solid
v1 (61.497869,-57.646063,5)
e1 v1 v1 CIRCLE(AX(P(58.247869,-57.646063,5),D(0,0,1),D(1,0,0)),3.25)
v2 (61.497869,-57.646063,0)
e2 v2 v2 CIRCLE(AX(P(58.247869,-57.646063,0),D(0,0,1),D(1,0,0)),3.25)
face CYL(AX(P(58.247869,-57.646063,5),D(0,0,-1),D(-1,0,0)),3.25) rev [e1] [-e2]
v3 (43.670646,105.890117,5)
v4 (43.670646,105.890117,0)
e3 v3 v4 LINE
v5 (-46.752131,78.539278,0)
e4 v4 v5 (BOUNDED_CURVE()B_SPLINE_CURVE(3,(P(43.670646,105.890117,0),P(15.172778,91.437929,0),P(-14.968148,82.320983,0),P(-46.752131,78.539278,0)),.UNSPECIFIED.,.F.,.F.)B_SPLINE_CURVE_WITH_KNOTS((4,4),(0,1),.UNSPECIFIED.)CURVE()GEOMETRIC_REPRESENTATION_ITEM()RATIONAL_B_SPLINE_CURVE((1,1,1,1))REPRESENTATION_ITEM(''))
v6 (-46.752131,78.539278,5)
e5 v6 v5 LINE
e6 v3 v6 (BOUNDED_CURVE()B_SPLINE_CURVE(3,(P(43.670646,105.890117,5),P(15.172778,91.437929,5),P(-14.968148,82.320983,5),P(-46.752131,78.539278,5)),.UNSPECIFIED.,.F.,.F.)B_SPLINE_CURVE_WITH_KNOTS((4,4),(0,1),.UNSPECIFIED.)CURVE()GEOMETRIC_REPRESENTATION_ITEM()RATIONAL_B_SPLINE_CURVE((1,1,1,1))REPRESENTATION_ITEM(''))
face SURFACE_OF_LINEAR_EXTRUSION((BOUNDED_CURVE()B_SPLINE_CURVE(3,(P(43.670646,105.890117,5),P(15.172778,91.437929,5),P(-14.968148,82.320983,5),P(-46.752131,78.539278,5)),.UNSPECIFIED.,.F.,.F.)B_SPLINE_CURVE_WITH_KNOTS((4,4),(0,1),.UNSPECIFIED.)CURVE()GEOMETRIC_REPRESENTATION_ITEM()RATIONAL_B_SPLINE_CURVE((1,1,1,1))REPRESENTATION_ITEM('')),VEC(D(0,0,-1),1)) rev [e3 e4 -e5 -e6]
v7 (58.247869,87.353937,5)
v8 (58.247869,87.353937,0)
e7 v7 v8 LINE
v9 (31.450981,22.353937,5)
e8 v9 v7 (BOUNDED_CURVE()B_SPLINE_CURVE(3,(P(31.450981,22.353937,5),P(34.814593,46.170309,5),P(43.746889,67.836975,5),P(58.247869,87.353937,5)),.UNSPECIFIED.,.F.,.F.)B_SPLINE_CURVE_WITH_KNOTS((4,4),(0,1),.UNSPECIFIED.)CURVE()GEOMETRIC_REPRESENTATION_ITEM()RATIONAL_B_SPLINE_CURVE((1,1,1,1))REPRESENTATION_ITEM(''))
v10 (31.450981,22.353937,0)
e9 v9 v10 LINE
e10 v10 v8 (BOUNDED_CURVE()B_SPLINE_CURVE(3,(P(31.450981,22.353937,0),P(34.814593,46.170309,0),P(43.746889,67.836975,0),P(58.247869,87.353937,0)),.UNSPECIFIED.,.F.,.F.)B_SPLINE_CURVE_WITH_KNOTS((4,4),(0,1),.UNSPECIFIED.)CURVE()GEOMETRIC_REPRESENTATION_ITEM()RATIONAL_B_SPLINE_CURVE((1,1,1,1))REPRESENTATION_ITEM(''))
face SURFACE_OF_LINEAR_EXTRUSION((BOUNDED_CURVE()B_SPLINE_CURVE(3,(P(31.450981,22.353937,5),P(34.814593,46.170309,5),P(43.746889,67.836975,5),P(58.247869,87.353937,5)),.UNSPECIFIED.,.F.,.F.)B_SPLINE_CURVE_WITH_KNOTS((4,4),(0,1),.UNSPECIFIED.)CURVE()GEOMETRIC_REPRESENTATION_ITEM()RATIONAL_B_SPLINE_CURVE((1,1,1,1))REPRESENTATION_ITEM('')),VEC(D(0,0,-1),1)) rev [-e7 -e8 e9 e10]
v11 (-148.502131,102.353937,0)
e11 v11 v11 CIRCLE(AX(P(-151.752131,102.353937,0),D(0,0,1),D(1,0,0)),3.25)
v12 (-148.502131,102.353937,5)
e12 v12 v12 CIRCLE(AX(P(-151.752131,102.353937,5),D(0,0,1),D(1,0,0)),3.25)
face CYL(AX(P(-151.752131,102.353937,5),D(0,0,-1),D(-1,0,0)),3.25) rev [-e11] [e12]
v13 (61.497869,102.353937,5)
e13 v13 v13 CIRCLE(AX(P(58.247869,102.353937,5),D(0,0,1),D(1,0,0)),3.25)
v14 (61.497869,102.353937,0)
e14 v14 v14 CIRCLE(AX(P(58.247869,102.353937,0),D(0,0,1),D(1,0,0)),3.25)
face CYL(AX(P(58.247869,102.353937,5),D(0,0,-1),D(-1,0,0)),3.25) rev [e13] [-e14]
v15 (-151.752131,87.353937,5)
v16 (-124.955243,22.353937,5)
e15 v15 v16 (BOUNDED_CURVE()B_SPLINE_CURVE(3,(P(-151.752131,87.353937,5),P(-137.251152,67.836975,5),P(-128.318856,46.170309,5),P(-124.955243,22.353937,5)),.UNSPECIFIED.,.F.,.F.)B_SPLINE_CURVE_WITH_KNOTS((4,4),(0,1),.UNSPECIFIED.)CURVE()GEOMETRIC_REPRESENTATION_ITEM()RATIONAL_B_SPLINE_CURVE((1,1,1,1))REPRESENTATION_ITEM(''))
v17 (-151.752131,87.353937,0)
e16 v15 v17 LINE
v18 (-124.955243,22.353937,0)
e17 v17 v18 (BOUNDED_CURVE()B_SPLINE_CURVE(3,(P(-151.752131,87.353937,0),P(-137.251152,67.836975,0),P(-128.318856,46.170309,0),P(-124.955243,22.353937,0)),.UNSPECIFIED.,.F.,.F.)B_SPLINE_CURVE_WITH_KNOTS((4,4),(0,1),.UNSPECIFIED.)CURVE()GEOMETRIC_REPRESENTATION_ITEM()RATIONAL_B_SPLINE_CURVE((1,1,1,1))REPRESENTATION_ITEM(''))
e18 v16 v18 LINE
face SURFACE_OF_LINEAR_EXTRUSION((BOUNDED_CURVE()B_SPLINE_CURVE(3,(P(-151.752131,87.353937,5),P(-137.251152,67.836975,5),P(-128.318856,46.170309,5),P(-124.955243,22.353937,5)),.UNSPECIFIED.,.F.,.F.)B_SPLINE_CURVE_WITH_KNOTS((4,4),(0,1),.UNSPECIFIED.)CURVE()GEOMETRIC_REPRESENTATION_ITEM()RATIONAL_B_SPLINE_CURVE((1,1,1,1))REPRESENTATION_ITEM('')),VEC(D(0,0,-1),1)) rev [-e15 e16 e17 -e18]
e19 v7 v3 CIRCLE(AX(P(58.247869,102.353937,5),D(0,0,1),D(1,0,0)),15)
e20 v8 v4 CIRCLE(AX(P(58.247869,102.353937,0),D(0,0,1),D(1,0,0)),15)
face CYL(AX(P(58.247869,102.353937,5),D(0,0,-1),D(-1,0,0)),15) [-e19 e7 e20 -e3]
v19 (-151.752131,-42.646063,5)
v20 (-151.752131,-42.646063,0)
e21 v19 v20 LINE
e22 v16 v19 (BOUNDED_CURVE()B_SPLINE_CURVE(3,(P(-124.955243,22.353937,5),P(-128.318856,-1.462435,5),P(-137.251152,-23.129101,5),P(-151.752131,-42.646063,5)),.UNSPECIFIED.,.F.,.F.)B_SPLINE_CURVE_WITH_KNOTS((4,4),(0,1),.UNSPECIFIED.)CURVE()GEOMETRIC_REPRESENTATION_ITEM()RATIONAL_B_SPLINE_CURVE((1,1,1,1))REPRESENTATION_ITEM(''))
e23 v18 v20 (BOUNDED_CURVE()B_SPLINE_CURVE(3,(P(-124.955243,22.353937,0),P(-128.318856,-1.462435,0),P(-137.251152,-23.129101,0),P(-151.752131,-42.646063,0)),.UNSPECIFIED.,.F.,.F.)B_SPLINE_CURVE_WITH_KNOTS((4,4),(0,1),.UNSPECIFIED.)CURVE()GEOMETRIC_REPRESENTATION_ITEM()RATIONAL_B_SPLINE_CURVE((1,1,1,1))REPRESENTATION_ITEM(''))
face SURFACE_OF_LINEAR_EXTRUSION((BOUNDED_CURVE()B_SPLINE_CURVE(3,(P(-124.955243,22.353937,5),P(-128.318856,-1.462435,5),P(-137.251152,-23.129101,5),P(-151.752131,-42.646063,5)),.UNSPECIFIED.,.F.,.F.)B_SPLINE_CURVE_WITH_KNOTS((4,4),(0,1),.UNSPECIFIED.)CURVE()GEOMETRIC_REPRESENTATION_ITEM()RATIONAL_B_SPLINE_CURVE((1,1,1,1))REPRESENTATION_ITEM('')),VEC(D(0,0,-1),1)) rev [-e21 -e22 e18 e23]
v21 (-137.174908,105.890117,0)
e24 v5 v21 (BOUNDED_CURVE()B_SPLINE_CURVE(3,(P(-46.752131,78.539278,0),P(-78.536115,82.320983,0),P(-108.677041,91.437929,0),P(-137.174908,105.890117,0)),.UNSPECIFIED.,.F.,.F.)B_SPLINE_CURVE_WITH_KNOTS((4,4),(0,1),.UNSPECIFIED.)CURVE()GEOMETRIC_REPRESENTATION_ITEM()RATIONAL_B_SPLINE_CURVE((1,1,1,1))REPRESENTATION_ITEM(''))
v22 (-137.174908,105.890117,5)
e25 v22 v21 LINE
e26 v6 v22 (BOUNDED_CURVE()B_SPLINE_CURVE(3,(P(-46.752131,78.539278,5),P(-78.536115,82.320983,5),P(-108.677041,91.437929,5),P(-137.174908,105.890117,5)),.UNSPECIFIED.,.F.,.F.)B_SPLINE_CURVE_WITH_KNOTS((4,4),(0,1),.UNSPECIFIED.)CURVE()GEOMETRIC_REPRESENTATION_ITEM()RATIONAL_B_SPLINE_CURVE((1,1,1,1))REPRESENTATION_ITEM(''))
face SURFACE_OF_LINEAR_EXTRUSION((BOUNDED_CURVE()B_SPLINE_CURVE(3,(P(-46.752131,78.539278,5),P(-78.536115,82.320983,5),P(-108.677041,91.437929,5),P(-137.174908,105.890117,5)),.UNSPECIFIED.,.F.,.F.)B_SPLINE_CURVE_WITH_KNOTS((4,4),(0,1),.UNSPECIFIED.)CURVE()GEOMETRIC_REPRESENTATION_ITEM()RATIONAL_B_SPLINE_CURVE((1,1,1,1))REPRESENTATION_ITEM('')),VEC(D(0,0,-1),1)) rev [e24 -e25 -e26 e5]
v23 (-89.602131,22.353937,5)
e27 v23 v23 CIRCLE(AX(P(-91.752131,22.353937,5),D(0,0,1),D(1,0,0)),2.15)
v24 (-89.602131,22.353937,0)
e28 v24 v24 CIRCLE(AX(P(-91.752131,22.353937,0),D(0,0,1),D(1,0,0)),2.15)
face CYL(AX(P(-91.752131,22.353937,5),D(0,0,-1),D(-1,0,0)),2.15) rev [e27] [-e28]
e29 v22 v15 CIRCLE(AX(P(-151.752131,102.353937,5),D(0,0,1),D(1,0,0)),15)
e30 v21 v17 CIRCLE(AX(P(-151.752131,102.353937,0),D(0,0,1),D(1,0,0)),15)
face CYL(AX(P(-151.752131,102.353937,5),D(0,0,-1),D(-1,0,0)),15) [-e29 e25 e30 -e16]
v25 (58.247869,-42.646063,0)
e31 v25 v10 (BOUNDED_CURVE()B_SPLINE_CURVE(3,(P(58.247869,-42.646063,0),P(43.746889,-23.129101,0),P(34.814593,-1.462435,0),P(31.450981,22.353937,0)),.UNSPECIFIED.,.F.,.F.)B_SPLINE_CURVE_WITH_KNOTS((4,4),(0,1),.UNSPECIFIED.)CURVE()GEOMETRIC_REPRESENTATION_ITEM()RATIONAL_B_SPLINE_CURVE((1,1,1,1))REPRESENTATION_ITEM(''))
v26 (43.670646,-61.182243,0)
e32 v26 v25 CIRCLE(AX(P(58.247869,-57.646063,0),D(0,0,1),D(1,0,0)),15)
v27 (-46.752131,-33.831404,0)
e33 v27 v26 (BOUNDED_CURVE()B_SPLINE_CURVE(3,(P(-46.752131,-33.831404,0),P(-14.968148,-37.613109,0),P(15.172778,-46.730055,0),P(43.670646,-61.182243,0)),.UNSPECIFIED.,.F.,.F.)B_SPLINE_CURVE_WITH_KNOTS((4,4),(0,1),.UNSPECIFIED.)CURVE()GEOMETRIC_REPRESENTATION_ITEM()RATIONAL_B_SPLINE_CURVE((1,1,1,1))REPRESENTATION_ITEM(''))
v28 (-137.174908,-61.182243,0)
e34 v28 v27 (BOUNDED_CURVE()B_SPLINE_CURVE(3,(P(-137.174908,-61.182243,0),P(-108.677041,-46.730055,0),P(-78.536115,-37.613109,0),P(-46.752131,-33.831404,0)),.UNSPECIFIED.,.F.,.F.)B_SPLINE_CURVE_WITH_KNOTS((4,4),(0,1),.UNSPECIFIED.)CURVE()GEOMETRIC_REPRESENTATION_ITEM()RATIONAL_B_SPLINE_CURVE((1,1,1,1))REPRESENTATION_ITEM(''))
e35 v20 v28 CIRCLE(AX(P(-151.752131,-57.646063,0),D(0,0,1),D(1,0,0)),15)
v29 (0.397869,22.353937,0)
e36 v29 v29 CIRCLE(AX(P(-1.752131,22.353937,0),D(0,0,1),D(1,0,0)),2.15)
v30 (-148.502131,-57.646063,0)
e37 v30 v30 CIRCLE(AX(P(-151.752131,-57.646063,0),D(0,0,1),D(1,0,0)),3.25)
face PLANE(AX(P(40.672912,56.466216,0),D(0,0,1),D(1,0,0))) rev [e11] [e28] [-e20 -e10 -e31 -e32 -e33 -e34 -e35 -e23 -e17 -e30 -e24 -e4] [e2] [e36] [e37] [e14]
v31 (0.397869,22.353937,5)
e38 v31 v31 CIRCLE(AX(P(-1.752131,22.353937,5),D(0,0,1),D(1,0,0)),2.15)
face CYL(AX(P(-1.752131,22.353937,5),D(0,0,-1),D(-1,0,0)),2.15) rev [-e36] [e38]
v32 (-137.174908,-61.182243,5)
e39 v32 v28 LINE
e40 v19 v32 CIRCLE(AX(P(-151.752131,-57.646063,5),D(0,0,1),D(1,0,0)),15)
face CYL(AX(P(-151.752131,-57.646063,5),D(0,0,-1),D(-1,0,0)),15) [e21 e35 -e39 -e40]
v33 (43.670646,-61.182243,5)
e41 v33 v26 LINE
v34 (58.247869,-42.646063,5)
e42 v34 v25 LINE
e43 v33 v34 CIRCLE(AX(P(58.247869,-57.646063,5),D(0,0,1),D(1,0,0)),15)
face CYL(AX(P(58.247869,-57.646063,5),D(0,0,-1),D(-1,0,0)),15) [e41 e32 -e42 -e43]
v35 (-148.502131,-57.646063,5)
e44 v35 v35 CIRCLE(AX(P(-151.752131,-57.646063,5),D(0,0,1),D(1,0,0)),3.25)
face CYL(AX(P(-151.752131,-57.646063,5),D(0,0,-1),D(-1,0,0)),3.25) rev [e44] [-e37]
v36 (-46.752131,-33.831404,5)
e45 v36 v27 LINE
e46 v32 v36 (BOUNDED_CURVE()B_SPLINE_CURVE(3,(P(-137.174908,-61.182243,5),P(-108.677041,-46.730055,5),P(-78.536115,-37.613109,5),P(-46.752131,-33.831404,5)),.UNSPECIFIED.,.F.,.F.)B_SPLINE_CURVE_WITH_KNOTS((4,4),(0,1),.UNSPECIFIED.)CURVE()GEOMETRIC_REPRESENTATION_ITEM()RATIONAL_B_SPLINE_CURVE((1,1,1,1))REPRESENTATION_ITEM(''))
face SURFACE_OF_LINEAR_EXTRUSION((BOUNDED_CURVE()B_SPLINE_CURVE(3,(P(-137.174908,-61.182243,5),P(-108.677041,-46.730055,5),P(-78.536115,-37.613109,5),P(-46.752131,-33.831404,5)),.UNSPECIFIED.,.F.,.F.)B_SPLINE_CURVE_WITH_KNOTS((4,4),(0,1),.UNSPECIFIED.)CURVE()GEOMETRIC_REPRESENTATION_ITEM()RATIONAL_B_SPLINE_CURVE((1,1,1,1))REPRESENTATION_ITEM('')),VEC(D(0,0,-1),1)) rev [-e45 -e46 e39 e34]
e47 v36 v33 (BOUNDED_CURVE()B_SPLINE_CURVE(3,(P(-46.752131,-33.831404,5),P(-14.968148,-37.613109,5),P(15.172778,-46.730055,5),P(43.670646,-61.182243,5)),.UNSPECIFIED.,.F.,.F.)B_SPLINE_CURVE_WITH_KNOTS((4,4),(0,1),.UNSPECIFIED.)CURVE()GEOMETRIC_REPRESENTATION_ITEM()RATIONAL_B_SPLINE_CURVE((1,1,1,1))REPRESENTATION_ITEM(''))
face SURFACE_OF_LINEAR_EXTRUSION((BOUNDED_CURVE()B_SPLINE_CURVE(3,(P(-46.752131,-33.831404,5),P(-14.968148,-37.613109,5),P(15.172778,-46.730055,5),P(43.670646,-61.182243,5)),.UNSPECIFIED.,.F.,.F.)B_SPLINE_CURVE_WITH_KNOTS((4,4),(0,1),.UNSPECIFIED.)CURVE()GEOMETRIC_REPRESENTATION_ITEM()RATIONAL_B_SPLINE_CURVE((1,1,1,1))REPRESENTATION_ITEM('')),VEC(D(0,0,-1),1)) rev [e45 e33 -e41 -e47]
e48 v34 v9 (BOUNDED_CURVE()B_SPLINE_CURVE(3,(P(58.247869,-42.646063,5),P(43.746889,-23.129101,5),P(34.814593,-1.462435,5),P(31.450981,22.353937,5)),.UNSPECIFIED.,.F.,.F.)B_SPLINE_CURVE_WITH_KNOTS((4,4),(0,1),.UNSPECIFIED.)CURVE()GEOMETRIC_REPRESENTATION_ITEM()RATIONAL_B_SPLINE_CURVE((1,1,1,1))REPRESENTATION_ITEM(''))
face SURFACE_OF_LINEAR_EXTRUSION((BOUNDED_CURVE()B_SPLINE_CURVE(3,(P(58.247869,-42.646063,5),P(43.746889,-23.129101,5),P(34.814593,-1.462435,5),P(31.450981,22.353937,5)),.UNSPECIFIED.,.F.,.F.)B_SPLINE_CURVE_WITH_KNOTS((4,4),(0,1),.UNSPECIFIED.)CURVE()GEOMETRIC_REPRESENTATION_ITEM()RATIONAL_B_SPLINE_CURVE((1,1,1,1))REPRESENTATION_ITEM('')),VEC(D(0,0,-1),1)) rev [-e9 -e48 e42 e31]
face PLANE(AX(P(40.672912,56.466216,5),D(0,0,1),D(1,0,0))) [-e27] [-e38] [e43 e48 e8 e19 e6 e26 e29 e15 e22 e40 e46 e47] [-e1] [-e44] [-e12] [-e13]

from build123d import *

# Parameters (mm, degrees)
SKETCH2_R           = 3.25
SKETCH2_R_2         = 2.15
BOSS_EXTRUDE1_DEPTH = 5


with BuildPart() as part:
    # Sketch2 → Boss-Extrude1 (new body)
    with BuildSketch(Plane.XY):
        with BuildLine():
            ThreePointArc((58.247868643, 87.353936938), (70.038600193, 111.62640422), (43.670645638, 105.890117005))
            add(Edge.make_bspline(
                [(43.670645638, 105.890117005), (15.172778081, 91.437929288), (-14.968147584, 82.320982869), (-46.752131357, 78.539277748)],
                knots=[0, 0, 0, 0, 1, 1, 1, 1], degree=3, weights=[1, 1, 1, 1]))
            add(Edge.make_bspline(
                [(-46.752131357, 78.539277748), (-78.53611513, 82.320982869), (-108.677040795, 91.437929288), (-137.174908352, 105.890117005)],
                knots=[0, 0, 0, 0, 1, 1, 1, 1], degree=3, weights=[1, 1, 1, 1]))
            ThreePointArc((-137.174908352, 105.890117005), (-163.542862908, 111.62640422), (-151.752131357, 87.353936938))
            add(Edge.make_bspline(
                [(-151.752131357, 87.353936938), (-137.251152171, 67.836975358), (-128.318856179, 46.170308692), (-124.955243383, 22.353936938)],
                knots=[0, 0, 0, 0, 1, 1, 1, 1], degree=3, weights=[1, 1, 1, 1]))
            add(Edge.make_bspline(
                [(-124.955243383, 22.353936938), (-128.318856179, -1.462434816), (-137.251152171, -23.129101482), (-151.752131357, -42.646063062)],
                knots=[0, 0, 0, 0, 1, 1, 1, 1], degree=3, weights=[1, 1, 1, 1]))
            ThreePointArc((-151.752131357, -42.646063062), (-163.542862908, -66.918530344), (-137.174908352, -61.182243129))
            add(Edge.make_bspline(
                [(-137.174908352, -61.182243129), (-108.677040795, -46.730055412), (-78.53611513, -37.613108993), (-46.752131357, -33.831403872)],
                knots=[0, 0, 0, 0, 1, 1, 1, 1], degree=3, weights=[1, 1, 1, 1]))
            add(Edge.make_bspline(
                [(-46.752131357, -33.831403872), (-14.968147584, -37.613108993), (15.172778081, -46.730055412), (43.670645638, -61.182243129)],
                knots=[0, 0, 0, 0, 1, 1, 1, 1], degree=3, weights=[1, 1, 1, 1]))
            ThreePointArc((43.670645638, -61.182243129), (70.038600194, -66.918530344), (58.247868643, -42.646063062))
            add(Edge.make_bspline(
                [(58.247868643, -42.646063062), (43.746889456, -23.129101482), (34.814593465, -1.462434816), (31.450980669, 22.353936938)],
                knots=[0, 0, 0, 0, 1, 1, 1, 1], degree=3, weights=[1, 1, 1, 1]))
            add(Edge.make_bspline(
                [(31.450980669, 22.353936938), (34.814593465, 46.170308692), (43.746889456, 67.836975358), (58.247868643, 87.353936938)],
                knots=[0, 0, 0, 0, 1, 1, 1, 1], degree=3, weights=[1, 1, 1, 1]))
        make_face()
        with Locations((-151.752131357, 102.353936938)):
            Circle(SKETCH2_R, mode=Mode.SUBTRACT)
        with Locations((58.247868643, -57.646063062)):
            Circle(SKETCH2_R, mode=Mode.SUBTRACT)
        with Locations((58.247868643, 102.353936938)):
            Circle(SKETCH2_R, mode=Mode.SUBTRACT)
        with Locations((-1.752131357, 22.353936938)):
            Circle(SKETCH2_R_2, mode=Mode.SUBTRACT)
        with Locations((-91.752131357, 22.353936938)):
            Circle(SKETCH2_R_2, mode=Mode.SUBTRACT)
        with Locations((-151.752131357, -57.646063062)):
            Circle(SKETCH2_R, mode=Mode.SUBTRACT)
    extrude(amount=BOSS_EXTRUDE1_DEPTH)


solid = part.part
